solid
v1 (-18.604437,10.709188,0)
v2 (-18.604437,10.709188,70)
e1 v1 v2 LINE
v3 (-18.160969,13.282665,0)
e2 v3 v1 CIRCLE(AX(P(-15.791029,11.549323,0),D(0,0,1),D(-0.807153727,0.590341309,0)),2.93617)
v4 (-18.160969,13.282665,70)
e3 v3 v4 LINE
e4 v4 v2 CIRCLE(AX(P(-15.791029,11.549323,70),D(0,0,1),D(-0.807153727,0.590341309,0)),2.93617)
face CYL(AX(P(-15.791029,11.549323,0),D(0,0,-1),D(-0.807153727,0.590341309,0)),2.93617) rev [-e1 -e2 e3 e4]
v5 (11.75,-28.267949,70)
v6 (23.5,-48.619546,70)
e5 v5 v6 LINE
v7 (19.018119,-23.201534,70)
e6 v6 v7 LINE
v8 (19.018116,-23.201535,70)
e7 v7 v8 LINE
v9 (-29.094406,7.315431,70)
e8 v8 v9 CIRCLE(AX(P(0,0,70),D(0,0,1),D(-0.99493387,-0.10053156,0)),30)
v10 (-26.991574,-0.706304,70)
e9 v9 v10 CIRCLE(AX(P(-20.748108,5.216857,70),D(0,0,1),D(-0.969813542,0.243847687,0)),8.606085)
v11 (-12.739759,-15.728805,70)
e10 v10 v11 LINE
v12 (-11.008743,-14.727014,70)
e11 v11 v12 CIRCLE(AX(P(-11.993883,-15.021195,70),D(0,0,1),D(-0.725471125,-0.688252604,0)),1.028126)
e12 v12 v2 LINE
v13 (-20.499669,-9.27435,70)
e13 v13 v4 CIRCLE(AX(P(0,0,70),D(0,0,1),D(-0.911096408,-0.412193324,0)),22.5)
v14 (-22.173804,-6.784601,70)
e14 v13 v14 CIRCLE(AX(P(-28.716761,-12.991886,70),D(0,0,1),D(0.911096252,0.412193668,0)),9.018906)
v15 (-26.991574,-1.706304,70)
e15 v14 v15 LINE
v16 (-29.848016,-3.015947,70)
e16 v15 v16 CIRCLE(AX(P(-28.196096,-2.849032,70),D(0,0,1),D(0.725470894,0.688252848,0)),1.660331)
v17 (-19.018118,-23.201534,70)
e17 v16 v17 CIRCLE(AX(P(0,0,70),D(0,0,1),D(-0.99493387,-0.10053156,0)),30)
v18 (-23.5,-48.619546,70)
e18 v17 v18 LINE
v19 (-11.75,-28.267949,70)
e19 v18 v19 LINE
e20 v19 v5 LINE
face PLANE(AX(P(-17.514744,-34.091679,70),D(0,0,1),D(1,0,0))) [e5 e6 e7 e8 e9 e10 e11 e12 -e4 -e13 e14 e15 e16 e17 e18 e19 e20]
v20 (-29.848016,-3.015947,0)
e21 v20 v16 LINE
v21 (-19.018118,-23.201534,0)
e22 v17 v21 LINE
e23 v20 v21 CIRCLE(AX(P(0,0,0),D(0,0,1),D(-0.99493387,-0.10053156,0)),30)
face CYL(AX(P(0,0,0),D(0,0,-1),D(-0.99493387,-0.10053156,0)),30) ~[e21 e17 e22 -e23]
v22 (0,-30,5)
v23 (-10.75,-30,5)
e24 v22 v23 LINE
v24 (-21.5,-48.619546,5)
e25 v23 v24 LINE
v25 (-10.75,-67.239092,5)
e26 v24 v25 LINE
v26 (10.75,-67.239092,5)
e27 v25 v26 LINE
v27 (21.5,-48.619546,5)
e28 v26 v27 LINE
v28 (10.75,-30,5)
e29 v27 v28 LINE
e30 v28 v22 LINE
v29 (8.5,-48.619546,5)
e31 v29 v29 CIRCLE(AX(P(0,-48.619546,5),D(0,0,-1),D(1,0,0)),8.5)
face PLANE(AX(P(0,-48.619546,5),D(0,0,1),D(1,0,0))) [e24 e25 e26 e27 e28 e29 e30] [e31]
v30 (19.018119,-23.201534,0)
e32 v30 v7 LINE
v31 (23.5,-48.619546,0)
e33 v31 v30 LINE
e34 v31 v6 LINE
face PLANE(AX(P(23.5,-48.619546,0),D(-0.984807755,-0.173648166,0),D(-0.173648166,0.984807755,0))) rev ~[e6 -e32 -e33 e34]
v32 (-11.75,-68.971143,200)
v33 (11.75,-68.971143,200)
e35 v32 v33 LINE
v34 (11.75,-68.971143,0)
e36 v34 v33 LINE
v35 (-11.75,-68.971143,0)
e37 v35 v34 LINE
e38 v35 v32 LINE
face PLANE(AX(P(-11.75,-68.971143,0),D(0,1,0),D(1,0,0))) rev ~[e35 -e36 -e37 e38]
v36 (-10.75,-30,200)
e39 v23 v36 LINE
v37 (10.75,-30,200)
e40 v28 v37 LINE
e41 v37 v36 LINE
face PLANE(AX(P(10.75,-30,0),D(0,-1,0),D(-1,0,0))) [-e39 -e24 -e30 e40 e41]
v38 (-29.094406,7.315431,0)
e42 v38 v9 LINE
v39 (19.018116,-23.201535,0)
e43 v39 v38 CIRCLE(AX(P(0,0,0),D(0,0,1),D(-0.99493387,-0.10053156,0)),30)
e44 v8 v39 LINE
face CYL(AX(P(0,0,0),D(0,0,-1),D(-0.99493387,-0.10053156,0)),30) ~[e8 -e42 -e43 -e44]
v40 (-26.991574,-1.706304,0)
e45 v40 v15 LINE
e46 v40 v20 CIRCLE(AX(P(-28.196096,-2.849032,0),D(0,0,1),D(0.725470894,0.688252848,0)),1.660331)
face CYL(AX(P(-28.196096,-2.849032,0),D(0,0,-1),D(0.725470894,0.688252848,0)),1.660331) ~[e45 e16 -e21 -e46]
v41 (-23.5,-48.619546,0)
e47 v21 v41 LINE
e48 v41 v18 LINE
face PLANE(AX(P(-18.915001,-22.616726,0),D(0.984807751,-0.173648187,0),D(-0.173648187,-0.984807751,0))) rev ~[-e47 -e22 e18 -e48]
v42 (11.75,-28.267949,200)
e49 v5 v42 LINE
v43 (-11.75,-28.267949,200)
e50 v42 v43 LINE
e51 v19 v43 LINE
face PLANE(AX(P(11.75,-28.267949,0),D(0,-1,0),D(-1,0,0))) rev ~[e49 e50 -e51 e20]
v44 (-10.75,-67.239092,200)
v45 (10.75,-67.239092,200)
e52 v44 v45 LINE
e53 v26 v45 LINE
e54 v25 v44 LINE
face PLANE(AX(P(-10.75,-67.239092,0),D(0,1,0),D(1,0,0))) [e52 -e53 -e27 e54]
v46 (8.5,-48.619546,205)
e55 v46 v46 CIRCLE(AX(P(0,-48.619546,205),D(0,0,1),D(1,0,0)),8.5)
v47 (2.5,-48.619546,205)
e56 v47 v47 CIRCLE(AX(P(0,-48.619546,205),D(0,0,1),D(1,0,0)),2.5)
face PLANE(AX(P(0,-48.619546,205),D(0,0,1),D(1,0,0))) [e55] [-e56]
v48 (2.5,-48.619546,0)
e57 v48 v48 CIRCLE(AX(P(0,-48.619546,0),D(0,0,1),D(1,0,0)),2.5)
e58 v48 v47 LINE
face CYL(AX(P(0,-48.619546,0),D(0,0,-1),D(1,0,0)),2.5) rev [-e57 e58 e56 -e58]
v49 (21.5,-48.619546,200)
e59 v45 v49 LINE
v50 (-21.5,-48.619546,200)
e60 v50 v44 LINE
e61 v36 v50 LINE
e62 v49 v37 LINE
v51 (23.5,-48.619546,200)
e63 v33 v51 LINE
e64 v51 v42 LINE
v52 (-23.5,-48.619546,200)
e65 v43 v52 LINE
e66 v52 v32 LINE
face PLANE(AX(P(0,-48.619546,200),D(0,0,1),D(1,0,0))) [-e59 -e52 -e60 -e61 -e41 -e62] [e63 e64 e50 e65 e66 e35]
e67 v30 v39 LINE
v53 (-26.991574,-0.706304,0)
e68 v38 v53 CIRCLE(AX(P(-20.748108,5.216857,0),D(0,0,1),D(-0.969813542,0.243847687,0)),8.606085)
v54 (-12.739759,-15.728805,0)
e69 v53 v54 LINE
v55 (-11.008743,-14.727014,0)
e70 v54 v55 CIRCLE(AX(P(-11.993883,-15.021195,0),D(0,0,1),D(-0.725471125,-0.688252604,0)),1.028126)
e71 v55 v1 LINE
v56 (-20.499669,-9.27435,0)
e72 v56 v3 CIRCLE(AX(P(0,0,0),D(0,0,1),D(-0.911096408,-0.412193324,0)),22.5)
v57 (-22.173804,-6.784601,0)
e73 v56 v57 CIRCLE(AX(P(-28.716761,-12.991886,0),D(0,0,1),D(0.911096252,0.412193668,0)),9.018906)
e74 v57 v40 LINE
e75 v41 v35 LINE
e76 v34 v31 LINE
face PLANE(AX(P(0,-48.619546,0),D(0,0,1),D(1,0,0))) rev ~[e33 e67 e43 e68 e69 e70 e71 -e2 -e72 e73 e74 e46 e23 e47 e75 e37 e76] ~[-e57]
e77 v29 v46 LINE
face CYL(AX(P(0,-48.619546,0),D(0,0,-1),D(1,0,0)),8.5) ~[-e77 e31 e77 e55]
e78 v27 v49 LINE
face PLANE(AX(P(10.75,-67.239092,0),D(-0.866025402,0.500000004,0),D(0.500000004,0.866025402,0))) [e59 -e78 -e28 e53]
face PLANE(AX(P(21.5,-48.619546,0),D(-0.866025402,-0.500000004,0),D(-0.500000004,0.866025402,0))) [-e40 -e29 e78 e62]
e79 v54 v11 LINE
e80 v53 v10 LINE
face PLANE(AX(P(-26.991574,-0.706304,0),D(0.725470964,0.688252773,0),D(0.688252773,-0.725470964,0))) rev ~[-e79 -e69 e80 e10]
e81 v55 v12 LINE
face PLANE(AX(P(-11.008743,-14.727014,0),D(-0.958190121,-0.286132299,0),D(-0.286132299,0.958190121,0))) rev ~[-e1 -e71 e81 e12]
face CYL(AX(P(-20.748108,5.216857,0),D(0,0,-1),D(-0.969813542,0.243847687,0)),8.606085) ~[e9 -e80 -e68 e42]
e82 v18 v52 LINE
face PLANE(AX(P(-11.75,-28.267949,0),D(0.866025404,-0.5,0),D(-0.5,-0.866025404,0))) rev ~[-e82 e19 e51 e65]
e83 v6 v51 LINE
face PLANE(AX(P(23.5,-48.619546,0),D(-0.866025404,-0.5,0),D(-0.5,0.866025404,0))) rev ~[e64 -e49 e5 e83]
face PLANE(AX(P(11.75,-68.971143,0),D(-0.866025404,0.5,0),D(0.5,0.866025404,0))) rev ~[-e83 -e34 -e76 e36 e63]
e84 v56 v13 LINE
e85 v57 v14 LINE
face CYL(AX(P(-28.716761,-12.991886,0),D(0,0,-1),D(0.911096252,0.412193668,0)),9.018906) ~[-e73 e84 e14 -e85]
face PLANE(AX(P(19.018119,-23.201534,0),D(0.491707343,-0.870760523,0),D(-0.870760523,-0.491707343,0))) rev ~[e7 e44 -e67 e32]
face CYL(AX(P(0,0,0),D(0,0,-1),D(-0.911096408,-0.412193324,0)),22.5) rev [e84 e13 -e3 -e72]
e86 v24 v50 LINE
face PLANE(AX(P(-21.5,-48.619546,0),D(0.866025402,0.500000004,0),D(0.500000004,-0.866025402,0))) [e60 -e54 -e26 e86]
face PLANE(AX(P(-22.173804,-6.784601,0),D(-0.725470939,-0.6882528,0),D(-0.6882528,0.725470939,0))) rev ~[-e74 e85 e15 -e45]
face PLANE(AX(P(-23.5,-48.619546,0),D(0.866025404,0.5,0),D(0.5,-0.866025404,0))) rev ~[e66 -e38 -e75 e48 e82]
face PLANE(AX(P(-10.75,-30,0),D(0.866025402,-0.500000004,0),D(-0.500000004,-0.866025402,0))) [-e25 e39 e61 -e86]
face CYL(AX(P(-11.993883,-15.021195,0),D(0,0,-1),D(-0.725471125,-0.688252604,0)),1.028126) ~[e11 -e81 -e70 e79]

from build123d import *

# Parameters (mm, degrees)
PAD_DEPTH     = 70
PAD001_DEPTH  = 200
PAD002_DEPTH  = 70
SKETCH003_R   = 2.5
PAD003_DEPTH  = 5
SKETCH004_R   = 8.5
SKETCH004_R_2 = 2.5
PAD004_DEPTH  = 205


with BuildPart() as part:
    # Sketch → Pad (new body)
    with BuildSketch(Plane.XY):
        with BuildLine():
            ThreePointArc((-29.848016, -3.015947), (29.920505, -2.182515), (-29.094406, 7.315431))
            ThreePointArc((-29.094406, 7.315431), (-29.072912, 3.034578), (-26.991574, -0.706304))
            Line((-26.991574, -0.706304), (-12.739759, -15.728805))
            ThreePointArc((-12.739759, -15.728805), (-11.4789, -15.911046), (-11.008743, -14.727014))
            Line((-11.008743, -14.727014), (-18.604437, 10.709188))
            ThreePointArc((-18.160969, 13.282665), (-18.684551, 12.047942), (-18.604437, 10.709188))
            ThreePointArc((-20.499669, -9.27435), (22.380035, -2.320351), (-18.160969, 13.282665))
            ThreePointArc((-20.499669, -9.27435), (-21.232479, -7.959372), (-22.173804, -6.784601))
            Line((-22.173804, -6.784601), (-26.991574, -1.706304))
            ThreePointArc((-26.991574, -1.706304), (-28.888073, -1.339771), (-29.848016, -3.015947))
        make_face()
    extrude(amount=PAD_DEPTH)

    # Sketch001 → Pad001 (join)
    with BuildSketch(Plane.XY):
        Polygon((23.5, -48.619546), (11.75, -28.267949), (-11.75, -28.267949), (-23.5, -48.619546), (-11.75, -68.971143), (11.75, -68.971143), align=None)
        Polygon((21.5, -48.619546), (10.75, -30), (-10.75, -30), (-21.5, -48.619546), (-10.75, -67.239092), (10.75, -67.239092), align=None, mode=Mode.SUBTRACT)
    extrude(amount=PAD001_DEPTH)

    # Sketch002 → Pad002 (join)
    with BuildSketch(Plane.XY):
        Polygon((-18.915001, -22.616726), (-23.5, -48.619546), (-11.75, -28.267949), (-6.937376, -28.267949), align=None)
        Polygon((23.5, -48.619546), (19.018119, -23.201534), (10.046046, -28.267949), (11.75, -28.267949), align=None)
    extrude(amount=PAD002_DEPTH)

    # Sketch003 → Pad003 (join)
    with BuildSketch(Plane.XY):
        Polygon((21.5, -48.619546), (10.75, -30), (-10.75, -30), (-21.5, -48.619546), (-10.75, -67.239092), (10.75, -67.239092), align=None)
        with Locations((0, -48.619546)):
            Circle(SKETCH003_R, mode=Mode.SUBTRACT)
    extrude(amount=PAD003_DEPTH)

    # Sketch004 → Pad004 (join)
    with BuildSketch(Plane.XY):
        with Locations((0, -48.619546)):
            Circle(SKETCH004_R)
        with Locations((0, -48.619546)):
            Circle(SKETCH004_R_2, mode=Mode.SUBTRACT)
    extrude(amount=PAD004_DEPTH)


solid = part.part
